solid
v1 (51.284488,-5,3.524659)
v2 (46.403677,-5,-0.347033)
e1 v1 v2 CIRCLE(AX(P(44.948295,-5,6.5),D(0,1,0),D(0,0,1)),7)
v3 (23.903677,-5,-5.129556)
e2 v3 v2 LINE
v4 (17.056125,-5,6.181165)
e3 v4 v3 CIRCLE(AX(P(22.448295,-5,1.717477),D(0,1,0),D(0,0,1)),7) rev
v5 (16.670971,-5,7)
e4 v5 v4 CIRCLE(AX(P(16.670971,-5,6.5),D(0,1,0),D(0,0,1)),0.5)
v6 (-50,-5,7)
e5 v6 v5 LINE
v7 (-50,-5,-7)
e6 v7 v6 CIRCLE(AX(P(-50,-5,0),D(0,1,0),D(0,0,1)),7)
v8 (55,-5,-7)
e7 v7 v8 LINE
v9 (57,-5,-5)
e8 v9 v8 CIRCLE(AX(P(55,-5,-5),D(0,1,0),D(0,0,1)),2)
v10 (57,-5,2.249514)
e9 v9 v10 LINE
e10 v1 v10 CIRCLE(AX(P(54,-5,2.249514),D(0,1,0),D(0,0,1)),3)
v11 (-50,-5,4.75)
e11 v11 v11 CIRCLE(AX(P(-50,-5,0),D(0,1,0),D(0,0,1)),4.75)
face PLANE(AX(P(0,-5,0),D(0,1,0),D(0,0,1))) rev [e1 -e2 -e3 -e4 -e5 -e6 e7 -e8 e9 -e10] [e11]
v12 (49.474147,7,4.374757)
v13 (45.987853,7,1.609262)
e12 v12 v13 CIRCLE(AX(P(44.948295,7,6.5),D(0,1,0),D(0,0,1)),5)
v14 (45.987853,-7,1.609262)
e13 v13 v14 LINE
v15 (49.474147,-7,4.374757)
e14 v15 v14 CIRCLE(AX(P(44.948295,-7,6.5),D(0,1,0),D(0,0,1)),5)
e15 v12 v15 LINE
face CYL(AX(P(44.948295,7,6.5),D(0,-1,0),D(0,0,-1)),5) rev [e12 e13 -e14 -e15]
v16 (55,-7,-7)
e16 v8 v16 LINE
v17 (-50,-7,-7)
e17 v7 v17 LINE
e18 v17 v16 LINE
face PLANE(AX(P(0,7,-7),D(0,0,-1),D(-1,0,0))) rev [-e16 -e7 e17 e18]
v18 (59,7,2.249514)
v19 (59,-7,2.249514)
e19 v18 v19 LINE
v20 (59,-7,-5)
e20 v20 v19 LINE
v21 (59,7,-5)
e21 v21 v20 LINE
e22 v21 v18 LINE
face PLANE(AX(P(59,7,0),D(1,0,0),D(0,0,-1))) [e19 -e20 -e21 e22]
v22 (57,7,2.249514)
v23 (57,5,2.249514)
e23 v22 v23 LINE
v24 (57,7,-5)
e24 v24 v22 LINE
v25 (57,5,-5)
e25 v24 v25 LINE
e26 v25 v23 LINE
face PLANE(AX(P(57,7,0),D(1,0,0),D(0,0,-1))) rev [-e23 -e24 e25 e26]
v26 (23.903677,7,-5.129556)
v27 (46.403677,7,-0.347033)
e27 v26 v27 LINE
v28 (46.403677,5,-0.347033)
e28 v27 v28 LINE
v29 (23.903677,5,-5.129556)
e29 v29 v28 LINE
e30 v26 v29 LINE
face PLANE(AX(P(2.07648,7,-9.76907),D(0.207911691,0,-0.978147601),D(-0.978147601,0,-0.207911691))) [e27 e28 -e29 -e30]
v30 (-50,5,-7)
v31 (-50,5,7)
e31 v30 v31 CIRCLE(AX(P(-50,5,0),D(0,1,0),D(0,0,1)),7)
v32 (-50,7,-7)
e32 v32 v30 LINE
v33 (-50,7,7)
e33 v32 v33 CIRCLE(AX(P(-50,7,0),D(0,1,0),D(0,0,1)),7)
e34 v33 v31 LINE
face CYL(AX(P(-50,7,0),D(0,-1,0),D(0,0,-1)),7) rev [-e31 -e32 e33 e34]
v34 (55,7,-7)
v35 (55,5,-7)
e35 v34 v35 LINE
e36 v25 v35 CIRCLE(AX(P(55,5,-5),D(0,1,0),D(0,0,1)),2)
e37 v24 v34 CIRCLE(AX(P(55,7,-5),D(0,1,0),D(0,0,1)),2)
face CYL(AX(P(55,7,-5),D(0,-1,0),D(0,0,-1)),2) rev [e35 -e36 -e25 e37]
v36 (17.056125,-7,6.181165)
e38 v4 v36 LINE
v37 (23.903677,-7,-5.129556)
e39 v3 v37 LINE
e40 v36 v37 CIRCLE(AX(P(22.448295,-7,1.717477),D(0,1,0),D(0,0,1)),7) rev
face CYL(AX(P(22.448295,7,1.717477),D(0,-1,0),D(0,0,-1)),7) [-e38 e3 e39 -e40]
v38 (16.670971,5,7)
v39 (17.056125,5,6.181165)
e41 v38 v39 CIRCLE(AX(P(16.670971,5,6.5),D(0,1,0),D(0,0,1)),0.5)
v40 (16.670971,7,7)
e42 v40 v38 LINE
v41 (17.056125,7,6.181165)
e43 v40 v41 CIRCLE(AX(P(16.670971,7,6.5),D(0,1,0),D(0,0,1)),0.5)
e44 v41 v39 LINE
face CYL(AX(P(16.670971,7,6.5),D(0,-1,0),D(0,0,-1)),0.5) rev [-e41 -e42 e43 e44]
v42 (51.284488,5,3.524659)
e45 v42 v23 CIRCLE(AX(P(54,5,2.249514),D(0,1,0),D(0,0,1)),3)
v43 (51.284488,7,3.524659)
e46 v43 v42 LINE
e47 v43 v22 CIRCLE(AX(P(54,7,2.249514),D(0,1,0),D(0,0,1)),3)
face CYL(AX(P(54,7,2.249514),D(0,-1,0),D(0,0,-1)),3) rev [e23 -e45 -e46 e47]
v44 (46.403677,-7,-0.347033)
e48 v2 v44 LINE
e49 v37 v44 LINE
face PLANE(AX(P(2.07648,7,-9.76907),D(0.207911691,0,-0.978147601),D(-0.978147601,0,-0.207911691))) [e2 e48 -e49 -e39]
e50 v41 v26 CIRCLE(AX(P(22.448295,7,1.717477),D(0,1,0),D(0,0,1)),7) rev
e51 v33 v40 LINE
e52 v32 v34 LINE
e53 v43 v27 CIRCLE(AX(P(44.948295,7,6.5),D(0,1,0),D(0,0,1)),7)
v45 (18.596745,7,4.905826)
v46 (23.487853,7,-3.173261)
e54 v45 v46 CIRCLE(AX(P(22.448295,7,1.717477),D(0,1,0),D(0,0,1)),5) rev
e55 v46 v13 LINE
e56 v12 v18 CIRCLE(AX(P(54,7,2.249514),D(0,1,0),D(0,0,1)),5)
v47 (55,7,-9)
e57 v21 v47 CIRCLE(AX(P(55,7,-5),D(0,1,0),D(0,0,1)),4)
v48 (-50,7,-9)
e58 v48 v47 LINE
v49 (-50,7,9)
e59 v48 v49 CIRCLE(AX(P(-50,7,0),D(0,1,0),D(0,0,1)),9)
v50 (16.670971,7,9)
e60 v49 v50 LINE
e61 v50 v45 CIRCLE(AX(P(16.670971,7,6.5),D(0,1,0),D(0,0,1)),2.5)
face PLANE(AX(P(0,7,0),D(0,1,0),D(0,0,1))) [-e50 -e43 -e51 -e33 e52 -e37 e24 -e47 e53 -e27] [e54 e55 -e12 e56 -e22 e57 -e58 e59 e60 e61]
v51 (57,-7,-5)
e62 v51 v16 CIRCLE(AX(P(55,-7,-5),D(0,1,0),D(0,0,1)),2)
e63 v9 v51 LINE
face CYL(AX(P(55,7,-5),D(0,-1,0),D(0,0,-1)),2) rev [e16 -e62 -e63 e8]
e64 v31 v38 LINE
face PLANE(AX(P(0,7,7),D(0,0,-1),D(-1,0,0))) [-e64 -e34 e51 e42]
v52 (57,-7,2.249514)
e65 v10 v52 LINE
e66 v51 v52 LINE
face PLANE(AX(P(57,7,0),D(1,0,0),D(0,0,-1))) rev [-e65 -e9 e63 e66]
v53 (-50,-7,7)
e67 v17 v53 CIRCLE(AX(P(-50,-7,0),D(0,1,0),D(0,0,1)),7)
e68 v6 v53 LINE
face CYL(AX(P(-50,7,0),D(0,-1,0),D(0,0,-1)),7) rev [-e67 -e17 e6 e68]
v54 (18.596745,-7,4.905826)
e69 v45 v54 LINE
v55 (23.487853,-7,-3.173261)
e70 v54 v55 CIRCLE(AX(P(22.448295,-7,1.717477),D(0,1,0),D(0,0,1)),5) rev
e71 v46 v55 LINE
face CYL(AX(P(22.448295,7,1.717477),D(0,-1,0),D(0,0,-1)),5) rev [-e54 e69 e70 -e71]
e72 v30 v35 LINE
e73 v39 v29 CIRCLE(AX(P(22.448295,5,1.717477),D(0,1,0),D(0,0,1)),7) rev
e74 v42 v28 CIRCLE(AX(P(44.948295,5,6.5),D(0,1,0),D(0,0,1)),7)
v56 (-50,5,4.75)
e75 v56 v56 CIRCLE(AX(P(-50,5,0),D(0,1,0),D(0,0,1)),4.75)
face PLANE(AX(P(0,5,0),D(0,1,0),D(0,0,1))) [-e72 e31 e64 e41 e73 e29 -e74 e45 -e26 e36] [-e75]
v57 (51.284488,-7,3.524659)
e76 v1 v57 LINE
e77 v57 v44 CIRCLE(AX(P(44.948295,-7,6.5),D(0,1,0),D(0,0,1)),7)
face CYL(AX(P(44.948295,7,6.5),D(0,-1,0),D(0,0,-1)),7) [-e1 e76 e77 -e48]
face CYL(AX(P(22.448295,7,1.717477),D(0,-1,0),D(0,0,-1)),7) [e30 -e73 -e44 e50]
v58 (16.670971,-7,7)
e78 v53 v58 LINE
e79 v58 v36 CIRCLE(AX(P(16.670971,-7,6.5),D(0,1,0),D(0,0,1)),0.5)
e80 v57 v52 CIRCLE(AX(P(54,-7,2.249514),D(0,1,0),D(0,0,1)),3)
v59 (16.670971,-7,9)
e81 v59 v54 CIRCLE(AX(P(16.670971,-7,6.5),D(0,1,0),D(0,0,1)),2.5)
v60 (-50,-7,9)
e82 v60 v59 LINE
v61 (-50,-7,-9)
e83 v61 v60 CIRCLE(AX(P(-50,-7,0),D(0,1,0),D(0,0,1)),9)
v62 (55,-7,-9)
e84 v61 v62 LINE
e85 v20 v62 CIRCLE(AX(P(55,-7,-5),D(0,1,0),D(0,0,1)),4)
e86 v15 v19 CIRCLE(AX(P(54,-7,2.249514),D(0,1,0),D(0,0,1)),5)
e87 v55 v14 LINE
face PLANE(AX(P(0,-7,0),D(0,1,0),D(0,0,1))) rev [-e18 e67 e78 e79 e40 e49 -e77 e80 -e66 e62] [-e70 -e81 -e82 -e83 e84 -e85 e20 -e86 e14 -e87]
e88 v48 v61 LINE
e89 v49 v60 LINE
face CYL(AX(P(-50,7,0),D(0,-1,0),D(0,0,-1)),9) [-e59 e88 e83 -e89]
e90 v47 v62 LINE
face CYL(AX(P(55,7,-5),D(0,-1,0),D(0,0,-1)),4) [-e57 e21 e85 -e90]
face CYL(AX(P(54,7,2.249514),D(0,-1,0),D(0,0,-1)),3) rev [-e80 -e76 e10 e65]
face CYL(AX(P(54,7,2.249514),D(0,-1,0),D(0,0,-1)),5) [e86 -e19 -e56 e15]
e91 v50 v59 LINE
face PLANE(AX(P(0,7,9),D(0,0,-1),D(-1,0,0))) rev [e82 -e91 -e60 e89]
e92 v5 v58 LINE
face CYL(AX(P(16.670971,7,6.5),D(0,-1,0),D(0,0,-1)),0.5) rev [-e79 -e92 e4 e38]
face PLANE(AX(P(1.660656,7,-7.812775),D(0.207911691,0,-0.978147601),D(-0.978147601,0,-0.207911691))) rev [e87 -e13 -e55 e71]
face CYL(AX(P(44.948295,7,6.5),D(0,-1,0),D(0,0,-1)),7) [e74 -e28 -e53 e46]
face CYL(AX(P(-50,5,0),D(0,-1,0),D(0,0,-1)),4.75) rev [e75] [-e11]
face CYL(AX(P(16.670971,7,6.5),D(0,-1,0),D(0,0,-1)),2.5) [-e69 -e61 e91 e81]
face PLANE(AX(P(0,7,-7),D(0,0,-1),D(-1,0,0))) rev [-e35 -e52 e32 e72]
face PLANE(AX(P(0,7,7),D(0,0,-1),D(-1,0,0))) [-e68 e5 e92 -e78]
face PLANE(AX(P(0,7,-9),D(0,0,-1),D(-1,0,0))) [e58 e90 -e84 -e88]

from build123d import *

# Parameters (mm, degrees)
BOSS_EXTRUDE1_DEPTH = 7
SKETCH1_4_R         = 4.75
BOSS_EXTRUDE2_DEPTH = 5


with BuildPart() as part:
    # Sketch1 → Boss-Extrude1 (new, symmetric)
    with BuildSketch(Plane(origin=(0, 0, 0), x_dir=(1, 0, 0), z_dir=(0, 1, 0))):
        with BuildLine():
            Line((55, 9), (-50, 9))
            ThreePointArc((-50, 9), (-59, 0), (-50, -9))
            Line((-50, -9), (16.670970527, -9))
            ThreePointArc((16.670970527, -9), (18.933207864, -7.564087513), (18.596745327, -4.905825787))
            ThreePointArc((18.596745327, -4.905825787), (18.171060665, 0.871975682), (23.487853381, 3.173260641))
            Line((23.487853381, 3.173260641), (45.987853381, -1.609261996))
            ThreePointArc((45.987853381, -1.609261996), (48.055615348, -2.58278673), (49.474147464, -4.374756762))
            ThreePointArc((49.474147464, -4.374756762), (55.08874637, -7.129537228), (59, -2.249513525))
            Line((59, -2.249513525), (59, 5))
            ThreePointArc((59, 5), (57.828427125, 7.828427125), (55, 9))
        make_face()
        with BuildLine():
            ThreePointArc((-50, -7), (-57, 0), (-50, 7))
            Line((-50, 7), (55, 7))
            ThreePointArc((55, 7), (56.414213562, 6.414213562), (57, 5))
            Line((57, 5), (57, -2.249513525))
            ThreePointArc((57, -2.249513525), (54.653247822, -5.177527747), (51.284488478, -3.524659467))
            ThreePointArc((51.284488478, -3.524659467), (49.298543517, -1.015901422), (46.403676763, 0.347033205))
            Line((46.403676763, 0.347033205), (23.903676763, 5.129555843))
            ThreePointArc((23.903676763, 5.129555843), (16.46016696, 1.9077569), (17.056125487, -6.181165157))
            ThreePointArc((17.056125487, -6.181165157), (17.123417995, -6.712817503), (16.670970527, -7))
            Line((16.670970527, -7), (-50, -7))
        make_face(mode=Mode.SUBTRACT)
    extrude(amount=BOSS_EXTRUDE1_DEPTH, both=True)

    # Sketch1<4> → Boss-Extrude2 (add, symmetric)
    with BuildSketch(Plane(origin=(0, 0, 0), x_dir=(1, 0, 0), z_dir=(0, 1, 0))):
        with BuildLine():
            Line((55, 7), (-50, 7))
            ThreePointArc((-50, 7), (-57, 0), (-50, -7))
            Line((-50, -7), (16.670970527, -7))
            ThreePointArc((16.670970527, -7), (17.123417995, -6.712817503), (17.056125487, -6.181165157))
            ThreePointArc((17.056125487, -6.181165157), (16.46016696, 1.9077569), (23.903676763, 5.129555843))
            Line((23.903676763, 5.129555843), (46.403676763, 0.347033205))
            ThreePointArc((46.403676763, 0.347033205), (49.298543517, -1.015901422), (51.284488478, -3.524659467))
            ThreePointArc((51.284488478, -3.524659467), (54.653247822, -5.177527747), (57, -2.249513525))
            Line((57, -2.249513525), (57, 5))
            ThreePointArc((57, 5), (56.414213562, 6.414213562), (55, 7))
        make_face()
        with Locations((-50, 0)):
            Circle(SKETCH1_4_R, mode=Mode.SUBTRACT)
    extrude(amount=BOSS_EXTRUDE2_DEPTH, both=True)


solid = part.part
